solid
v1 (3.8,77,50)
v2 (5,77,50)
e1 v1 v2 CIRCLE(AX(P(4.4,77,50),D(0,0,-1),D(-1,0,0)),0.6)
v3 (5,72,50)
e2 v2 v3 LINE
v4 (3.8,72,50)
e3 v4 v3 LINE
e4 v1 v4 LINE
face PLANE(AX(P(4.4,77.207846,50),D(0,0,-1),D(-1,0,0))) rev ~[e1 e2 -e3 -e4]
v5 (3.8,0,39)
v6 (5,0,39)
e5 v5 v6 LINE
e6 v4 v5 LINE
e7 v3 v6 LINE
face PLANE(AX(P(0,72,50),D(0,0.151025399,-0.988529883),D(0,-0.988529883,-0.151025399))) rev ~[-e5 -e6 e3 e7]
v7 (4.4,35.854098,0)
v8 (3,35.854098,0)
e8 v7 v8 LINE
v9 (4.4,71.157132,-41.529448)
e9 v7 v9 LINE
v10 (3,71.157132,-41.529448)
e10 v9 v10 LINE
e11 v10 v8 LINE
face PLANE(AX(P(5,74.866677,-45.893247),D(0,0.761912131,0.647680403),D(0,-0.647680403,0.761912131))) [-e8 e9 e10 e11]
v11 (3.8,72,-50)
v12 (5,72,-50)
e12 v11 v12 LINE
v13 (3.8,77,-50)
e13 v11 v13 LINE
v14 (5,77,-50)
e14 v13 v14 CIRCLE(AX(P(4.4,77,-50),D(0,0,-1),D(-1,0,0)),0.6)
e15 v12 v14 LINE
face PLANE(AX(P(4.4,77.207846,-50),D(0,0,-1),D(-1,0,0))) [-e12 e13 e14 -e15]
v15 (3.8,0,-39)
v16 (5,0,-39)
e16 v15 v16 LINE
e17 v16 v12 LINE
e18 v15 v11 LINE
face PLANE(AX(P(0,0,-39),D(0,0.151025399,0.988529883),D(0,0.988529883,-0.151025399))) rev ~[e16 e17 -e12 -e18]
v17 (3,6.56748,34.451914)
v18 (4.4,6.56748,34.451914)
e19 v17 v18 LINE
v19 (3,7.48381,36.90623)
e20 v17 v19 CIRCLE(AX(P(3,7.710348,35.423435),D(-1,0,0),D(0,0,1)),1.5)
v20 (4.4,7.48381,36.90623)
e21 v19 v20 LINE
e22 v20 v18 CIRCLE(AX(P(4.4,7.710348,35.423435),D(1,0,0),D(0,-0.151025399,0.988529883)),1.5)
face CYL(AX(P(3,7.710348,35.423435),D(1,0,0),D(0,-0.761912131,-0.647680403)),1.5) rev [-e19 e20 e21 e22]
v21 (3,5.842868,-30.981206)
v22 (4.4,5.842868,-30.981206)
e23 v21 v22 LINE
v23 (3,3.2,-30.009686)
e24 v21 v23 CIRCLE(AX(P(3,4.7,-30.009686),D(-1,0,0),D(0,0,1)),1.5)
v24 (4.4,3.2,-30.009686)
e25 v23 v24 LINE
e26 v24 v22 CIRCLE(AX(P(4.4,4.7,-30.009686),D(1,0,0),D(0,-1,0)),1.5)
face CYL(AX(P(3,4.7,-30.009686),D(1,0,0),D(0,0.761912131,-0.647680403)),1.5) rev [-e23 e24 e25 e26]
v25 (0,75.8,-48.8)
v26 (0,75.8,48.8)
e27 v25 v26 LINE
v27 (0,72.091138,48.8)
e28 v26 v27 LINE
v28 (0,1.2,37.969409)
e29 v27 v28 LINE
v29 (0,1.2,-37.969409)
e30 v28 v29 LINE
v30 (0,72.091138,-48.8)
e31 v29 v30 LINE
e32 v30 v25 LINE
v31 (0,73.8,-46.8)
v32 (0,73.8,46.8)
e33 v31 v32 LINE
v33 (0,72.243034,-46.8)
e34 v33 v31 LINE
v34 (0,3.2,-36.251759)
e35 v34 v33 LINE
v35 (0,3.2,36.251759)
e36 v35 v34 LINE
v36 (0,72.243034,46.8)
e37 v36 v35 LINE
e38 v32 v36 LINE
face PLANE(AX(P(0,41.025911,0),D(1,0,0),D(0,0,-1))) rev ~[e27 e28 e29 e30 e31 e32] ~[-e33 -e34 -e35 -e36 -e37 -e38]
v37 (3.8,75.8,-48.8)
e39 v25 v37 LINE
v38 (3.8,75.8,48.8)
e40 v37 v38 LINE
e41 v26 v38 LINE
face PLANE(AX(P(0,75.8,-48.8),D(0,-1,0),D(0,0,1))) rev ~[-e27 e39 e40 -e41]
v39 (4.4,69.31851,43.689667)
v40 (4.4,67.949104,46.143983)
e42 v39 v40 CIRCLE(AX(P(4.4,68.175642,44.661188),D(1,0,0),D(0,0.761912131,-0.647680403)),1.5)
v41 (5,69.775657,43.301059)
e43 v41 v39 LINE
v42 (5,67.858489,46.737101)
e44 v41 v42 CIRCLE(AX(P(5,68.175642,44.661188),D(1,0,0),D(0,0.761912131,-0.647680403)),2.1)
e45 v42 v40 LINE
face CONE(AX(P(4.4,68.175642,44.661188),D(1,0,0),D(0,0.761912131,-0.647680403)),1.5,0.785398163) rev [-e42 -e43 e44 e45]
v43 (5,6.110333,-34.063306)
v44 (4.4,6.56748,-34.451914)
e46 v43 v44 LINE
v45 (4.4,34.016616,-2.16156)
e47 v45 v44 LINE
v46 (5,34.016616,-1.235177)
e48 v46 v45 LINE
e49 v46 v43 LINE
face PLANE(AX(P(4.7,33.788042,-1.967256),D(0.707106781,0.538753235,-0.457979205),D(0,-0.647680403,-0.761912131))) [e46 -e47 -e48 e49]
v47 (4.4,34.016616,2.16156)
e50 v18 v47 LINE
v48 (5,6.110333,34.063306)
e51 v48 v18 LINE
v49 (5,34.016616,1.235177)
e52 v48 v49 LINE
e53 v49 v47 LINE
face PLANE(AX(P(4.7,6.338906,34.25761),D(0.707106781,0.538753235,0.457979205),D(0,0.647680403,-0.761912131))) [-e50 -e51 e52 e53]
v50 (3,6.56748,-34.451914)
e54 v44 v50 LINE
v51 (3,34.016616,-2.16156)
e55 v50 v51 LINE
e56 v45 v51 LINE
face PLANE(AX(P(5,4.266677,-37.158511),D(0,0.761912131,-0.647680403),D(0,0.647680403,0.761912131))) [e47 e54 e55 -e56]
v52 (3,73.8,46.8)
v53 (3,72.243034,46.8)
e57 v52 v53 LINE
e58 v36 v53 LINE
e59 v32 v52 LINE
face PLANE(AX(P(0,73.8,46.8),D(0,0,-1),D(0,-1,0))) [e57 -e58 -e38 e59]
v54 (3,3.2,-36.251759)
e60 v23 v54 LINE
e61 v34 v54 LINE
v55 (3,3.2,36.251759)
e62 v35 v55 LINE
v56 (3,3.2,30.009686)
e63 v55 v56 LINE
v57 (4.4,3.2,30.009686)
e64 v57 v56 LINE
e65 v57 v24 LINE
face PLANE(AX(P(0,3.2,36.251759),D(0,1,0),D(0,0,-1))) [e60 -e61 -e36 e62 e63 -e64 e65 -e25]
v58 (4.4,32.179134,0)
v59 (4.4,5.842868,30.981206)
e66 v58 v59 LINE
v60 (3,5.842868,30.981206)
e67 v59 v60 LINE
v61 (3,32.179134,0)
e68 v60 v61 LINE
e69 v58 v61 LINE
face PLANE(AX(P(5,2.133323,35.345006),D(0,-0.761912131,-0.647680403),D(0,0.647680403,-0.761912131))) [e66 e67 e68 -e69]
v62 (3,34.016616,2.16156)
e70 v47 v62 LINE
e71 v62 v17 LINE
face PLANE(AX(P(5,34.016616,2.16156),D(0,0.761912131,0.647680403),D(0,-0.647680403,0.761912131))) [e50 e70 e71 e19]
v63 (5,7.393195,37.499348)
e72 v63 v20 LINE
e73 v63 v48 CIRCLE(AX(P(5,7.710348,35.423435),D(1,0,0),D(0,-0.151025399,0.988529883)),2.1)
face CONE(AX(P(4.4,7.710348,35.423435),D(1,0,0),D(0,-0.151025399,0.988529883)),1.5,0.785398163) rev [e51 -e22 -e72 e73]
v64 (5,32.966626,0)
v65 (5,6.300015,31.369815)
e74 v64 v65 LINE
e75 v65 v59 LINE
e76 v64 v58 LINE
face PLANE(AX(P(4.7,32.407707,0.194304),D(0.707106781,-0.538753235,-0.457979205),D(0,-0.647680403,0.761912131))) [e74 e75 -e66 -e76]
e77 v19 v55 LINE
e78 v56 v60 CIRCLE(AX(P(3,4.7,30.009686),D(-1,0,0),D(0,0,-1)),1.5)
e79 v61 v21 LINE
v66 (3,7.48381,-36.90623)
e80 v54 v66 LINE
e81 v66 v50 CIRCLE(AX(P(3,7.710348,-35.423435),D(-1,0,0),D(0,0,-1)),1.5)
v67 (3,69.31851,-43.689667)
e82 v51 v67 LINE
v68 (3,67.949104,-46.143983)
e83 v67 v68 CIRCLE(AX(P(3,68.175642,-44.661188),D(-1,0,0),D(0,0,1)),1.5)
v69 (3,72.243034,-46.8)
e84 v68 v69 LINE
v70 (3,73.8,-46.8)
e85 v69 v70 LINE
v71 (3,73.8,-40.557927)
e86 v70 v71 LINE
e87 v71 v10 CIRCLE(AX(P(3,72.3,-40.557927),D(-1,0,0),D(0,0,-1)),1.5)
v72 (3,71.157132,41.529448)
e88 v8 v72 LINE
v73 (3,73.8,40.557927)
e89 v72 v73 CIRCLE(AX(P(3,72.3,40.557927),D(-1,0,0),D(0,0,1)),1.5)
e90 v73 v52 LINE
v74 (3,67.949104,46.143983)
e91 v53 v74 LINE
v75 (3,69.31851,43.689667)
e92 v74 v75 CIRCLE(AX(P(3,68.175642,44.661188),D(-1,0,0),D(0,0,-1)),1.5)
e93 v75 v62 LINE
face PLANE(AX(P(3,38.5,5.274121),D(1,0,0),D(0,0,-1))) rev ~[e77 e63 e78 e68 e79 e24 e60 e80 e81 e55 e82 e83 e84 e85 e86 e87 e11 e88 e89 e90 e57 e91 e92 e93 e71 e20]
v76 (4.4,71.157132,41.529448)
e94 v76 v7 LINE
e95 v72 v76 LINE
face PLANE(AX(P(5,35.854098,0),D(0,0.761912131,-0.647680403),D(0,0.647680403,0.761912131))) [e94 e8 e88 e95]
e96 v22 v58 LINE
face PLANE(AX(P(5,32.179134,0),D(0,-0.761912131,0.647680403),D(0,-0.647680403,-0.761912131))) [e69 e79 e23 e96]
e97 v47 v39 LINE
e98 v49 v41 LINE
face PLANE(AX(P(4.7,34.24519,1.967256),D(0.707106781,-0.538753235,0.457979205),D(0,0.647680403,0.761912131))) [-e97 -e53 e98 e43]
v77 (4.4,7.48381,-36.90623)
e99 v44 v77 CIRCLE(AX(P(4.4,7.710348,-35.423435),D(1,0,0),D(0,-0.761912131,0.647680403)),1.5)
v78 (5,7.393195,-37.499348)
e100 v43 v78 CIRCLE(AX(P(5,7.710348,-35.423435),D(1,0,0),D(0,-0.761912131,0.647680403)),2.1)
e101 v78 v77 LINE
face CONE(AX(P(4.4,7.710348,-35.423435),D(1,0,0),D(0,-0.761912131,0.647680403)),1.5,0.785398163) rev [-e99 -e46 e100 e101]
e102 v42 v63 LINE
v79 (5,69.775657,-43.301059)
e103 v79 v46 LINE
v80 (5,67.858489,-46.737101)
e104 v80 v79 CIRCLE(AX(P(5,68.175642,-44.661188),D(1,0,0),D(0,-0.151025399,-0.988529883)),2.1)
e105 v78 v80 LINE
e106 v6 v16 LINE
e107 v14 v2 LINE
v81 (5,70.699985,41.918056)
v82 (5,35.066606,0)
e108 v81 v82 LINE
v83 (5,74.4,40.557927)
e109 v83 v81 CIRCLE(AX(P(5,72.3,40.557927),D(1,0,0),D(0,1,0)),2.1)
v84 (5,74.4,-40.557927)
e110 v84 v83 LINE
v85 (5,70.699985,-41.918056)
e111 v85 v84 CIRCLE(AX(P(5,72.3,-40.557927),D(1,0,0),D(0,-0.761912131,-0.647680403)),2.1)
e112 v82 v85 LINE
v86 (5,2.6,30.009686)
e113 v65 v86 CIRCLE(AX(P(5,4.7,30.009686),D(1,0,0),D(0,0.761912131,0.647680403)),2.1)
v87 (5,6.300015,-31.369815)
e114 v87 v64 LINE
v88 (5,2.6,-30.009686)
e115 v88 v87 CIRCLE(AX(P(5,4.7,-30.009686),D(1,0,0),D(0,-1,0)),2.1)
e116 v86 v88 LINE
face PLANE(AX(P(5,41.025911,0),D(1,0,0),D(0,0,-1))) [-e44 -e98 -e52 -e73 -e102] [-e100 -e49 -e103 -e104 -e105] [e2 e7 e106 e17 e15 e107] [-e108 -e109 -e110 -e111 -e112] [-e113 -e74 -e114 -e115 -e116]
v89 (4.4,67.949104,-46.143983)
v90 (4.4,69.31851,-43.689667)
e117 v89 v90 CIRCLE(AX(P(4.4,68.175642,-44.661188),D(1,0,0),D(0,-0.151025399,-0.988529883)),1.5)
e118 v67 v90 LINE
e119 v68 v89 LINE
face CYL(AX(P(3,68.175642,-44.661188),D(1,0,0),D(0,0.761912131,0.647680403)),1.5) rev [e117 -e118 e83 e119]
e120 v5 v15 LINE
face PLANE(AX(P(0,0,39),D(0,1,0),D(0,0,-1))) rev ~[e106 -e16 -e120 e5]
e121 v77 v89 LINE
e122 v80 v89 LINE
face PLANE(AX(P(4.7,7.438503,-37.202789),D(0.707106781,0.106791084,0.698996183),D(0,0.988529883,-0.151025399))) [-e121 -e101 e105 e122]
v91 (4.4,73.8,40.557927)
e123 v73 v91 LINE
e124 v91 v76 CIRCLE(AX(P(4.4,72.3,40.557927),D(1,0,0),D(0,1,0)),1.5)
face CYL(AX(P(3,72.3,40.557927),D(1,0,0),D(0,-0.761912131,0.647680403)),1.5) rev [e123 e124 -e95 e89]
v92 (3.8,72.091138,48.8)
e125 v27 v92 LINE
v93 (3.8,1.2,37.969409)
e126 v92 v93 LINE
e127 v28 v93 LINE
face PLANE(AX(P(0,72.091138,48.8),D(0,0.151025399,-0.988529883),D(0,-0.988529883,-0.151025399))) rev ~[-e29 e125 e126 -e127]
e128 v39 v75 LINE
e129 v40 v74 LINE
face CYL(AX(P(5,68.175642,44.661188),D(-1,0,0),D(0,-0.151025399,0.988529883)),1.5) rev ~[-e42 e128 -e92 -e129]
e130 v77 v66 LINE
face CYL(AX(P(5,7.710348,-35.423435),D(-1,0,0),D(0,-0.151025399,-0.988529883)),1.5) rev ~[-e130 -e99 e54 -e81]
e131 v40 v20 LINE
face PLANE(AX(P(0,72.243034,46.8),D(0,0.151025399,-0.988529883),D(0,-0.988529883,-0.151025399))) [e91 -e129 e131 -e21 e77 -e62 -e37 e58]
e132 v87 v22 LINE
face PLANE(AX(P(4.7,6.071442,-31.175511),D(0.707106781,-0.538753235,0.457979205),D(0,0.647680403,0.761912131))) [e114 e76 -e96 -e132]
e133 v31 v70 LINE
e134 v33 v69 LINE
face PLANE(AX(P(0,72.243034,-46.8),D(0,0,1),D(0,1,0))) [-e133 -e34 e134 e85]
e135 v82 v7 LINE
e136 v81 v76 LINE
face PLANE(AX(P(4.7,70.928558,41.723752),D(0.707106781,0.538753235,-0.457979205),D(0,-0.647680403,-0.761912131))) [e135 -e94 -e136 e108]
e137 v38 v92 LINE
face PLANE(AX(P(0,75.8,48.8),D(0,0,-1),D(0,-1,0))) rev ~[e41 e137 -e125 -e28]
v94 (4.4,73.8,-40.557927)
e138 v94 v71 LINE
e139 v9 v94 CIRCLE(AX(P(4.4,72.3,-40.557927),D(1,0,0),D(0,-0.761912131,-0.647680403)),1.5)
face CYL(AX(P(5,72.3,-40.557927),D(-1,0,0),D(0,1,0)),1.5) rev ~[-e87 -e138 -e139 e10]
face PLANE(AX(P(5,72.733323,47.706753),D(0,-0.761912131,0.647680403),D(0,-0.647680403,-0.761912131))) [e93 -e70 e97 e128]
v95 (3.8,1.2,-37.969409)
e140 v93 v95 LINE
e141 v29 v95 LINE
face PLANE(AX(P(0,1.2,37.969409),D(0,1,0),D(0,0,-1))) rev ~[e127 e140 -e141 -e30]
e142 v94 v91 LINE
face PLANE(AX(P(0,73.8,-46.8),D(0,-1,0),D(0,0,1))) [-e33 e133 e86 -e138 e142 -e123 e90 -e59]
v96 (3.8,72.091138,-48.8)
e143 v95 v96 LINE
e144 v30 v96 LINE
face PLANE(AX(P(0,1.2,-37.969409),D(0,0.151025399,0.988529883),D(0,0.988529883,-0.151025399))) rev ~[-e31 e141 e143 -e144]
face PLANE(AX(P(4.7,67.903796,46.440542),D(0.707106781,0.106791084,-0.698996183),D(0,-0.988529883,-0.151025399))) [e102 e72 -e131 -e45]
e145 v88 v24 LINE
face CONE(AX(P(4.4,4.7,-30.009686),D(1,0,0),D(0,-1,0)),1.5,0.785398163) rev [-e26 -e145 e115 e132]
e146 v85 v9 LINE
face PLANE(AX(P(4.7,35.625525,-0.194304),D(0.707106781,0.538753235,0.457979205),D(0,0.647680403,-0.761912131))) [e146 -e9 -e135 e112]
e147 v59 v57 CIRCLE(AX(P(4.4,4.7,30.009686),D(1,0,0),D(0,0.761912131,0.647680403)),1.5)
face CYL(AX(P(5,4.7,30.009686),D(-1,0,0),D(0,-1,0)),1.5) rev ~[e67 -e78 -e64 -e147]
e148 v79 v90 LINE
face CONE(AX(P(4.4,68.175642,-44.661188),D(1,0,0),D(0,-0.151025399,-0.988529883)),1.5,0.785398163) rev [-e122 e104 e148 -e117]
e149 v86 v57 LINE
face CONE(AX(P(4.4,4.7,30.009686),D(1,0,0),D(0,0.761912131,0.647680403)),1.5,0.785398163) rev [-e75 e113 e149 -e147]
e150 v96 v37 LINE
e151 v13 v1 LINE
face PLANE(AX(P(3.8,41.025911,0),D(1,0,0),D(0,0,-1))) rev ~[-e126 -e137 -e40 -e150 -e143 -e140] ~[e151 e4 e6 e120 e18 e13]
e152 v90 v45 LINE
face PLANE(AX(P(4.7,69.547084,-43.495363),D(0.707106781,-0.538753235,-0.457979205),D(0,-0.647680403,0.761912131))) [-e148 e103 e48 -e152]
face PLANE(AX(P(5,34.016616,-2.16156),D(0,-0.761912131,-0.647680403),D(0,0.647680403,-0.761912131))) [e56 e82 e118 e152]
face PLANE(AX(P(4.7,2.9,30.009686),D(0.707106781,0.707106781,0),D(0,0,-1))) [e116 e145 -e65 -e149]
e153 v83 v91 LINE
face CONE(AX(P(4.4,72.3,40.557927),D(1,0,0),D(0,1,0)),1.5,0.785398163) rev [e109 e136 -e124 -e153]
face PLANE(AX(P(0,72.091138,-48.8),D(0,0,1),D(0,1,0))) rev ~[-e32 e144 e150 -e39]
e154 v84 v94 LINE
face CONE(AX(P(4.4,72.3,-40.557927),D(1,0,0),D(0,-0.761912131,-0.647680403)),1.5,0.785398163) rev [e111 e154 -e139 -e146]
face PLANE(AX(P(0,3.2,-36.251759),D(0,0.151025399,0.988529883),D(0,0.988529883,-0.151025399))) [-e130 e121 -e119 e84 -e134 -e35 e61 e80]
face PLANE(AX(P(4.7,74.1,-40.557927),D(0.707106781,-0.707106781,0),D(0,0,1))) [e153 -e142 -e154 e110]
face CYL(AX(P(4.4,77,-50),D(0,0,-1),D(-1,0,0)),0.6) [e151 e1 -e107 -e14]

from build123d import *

# Parameters (mm, degrees)
EXTRUDE_THIN1_DEPTH          = 5
EXTRUDE_THIN2_DEPTH          = 2
CUT_EXTRUDE_THIN1_DEPTH      = 1
CUT_EXTRUDE_THIN1_DEPTH_BACK = 3.8
BOSS_EXTRUDE1_DEPTH          = 100
FILLET1_R                    = 1.5
CHAMFER1_SIZE                = 0.6


with BuildPart() as part:
    # Sketch1 → Extrude-Thin1 (new body)
    with BuildSketch(Plane(origin=(0, 0, 0), x_dir=(0, 0, -1), z_dir=(1, 0, 0))):
        Polygon((50, 77), (-50, 77), (-50, 72), (-39, 0), (39, 0), (50, 72), align=None)
        Polygon((46.8, 73.8), (-46.8, 73.8), (-46.8, 72.243034455), (-36.251758625, 3.2), (36.251758625, 3.2), (46.8, 72.243034455), align=None, mode=Mode.SUBTRACT)
    extrude(amount=EXTRUDE_THIN1_DEPTH)

    # Sketch3 → Extrude-Thin2 (add)
    with BuildSketch(Plane(origin=(5, 0, 0), x_dir=(0, 0, -1), z_dir=(1, 0, 0))):
        Polygon((-47.706752564, 72.733323016), (35.345006061, 2.133323016), (37.158511189, 4.266676984), (-45.893247436, 74.866676984), align=None)
        Polygon((45.893247436, 74.866676984), (-37.158511189, 4.266676984), (-35.345006061, 2.133323016), (47.706752564, 72.733323016), align=None)
    extrude(amount=-EXTRUDE_THIN2_DEPTH)

    # Sketch4 → Cut-Extrude-Thin1 (cut, two sides)
    with BuildSketch(Plane.ZY) as cut_extrude_thin1_sk:
        Polygon((50, 77), (50, 72), (39, 0), (-39, 0), (-50, 72), (-50, 77), align=None)
        Polygon((48.8, 75.8), (48.8, 72.091137921), (37.969409484, 1.2), (-37.969409484, 1.2), (-48.8, 72.091137921), (-48.8, 75.8), align=None, mode=Mode.SUBTRACT)
    extrude(amount=CUT_EXTRUDE_THIN1_DEPTH, mode=Mode.SUBTRACT)
    extrude(cut_extrude_thin1_sk.sketch, amount=-CUT_EXTRUDE_THIN1_DEPTH_BACK, mode=Mode.SUBTRACT)

    # Sketch5 → Boss-Extrude1 (add)
    with BuildSketch(Plane(origin=(0, 0, -50), x_dir=(-1, 0, 0), z_dir=(0, 0, -1))):
        with BuildLine():
            Line((-5, 77), (-3.8, 77))
            ThreePointArc((-3.8, 77), (-4.4, 77.6), (-5, 77))
        make_face()
    extrude(amount=-BOSS_EXTRUDE1_DEPTH)

    # Fillet1
    fillet1_edges = [part.edges().sort_by_distance(p)[0] for p in [
        (4, 73.8, -44.638440079),
        (4, 73.8, 44.638440079),
        (4, 71.92064886, -46.750746645),
        (4, 4.826274454, -36.500217222),
        (4, 3.2, 34.090198704),
        (4, 3.2, -34.090198704),
        (4, 4.826274454, 36.500217222),
        (4, 71.92064886, 46.750746645),
    ]]
    fillet(fillet1_edges, radius=FILLET1_R)

    # Chamfer1
    chamfer1_edges = [part.edges().sort_by_distance(p)[0] for p in [
        (5, 37.716457047, 41.525106229),
        (5, 3.2, 0),
        (5, 51.667563114, 22.92561366),
        (5, 73.8, 0),
        (5, 53.505615047, 20.764723924),
        (5, 37.716457047, -41.525106229),
        (5, 51.667563114, -22.92561366),
        (5, 53.505615047, -20.764723924),
        (5, 6.30509587, 35.948092357),
        (5, 4.18245884, 31.417574766),
        (5, 69.485539395, 45.392056481),
        (5, 72.81754116, 41.965816141),
        (5, 69.485539395, -45.392056481),
        (5, 72.81754116, -41.965816141),
        (5, 4.18245884, -31.417574766),
        (5, 6.30509587, -35.948092357),
        (5, 20.292048094, -18.306737062),
        (5, 19.011001017, -15.490603236),
        (5, 20.292048094, 18.306737062),
        (5, 19.011001017, 15.490603236),
    ]]
    chamfer(chamfer1_edges, length=CHAMFER1_SIZE)


solid = part.part
